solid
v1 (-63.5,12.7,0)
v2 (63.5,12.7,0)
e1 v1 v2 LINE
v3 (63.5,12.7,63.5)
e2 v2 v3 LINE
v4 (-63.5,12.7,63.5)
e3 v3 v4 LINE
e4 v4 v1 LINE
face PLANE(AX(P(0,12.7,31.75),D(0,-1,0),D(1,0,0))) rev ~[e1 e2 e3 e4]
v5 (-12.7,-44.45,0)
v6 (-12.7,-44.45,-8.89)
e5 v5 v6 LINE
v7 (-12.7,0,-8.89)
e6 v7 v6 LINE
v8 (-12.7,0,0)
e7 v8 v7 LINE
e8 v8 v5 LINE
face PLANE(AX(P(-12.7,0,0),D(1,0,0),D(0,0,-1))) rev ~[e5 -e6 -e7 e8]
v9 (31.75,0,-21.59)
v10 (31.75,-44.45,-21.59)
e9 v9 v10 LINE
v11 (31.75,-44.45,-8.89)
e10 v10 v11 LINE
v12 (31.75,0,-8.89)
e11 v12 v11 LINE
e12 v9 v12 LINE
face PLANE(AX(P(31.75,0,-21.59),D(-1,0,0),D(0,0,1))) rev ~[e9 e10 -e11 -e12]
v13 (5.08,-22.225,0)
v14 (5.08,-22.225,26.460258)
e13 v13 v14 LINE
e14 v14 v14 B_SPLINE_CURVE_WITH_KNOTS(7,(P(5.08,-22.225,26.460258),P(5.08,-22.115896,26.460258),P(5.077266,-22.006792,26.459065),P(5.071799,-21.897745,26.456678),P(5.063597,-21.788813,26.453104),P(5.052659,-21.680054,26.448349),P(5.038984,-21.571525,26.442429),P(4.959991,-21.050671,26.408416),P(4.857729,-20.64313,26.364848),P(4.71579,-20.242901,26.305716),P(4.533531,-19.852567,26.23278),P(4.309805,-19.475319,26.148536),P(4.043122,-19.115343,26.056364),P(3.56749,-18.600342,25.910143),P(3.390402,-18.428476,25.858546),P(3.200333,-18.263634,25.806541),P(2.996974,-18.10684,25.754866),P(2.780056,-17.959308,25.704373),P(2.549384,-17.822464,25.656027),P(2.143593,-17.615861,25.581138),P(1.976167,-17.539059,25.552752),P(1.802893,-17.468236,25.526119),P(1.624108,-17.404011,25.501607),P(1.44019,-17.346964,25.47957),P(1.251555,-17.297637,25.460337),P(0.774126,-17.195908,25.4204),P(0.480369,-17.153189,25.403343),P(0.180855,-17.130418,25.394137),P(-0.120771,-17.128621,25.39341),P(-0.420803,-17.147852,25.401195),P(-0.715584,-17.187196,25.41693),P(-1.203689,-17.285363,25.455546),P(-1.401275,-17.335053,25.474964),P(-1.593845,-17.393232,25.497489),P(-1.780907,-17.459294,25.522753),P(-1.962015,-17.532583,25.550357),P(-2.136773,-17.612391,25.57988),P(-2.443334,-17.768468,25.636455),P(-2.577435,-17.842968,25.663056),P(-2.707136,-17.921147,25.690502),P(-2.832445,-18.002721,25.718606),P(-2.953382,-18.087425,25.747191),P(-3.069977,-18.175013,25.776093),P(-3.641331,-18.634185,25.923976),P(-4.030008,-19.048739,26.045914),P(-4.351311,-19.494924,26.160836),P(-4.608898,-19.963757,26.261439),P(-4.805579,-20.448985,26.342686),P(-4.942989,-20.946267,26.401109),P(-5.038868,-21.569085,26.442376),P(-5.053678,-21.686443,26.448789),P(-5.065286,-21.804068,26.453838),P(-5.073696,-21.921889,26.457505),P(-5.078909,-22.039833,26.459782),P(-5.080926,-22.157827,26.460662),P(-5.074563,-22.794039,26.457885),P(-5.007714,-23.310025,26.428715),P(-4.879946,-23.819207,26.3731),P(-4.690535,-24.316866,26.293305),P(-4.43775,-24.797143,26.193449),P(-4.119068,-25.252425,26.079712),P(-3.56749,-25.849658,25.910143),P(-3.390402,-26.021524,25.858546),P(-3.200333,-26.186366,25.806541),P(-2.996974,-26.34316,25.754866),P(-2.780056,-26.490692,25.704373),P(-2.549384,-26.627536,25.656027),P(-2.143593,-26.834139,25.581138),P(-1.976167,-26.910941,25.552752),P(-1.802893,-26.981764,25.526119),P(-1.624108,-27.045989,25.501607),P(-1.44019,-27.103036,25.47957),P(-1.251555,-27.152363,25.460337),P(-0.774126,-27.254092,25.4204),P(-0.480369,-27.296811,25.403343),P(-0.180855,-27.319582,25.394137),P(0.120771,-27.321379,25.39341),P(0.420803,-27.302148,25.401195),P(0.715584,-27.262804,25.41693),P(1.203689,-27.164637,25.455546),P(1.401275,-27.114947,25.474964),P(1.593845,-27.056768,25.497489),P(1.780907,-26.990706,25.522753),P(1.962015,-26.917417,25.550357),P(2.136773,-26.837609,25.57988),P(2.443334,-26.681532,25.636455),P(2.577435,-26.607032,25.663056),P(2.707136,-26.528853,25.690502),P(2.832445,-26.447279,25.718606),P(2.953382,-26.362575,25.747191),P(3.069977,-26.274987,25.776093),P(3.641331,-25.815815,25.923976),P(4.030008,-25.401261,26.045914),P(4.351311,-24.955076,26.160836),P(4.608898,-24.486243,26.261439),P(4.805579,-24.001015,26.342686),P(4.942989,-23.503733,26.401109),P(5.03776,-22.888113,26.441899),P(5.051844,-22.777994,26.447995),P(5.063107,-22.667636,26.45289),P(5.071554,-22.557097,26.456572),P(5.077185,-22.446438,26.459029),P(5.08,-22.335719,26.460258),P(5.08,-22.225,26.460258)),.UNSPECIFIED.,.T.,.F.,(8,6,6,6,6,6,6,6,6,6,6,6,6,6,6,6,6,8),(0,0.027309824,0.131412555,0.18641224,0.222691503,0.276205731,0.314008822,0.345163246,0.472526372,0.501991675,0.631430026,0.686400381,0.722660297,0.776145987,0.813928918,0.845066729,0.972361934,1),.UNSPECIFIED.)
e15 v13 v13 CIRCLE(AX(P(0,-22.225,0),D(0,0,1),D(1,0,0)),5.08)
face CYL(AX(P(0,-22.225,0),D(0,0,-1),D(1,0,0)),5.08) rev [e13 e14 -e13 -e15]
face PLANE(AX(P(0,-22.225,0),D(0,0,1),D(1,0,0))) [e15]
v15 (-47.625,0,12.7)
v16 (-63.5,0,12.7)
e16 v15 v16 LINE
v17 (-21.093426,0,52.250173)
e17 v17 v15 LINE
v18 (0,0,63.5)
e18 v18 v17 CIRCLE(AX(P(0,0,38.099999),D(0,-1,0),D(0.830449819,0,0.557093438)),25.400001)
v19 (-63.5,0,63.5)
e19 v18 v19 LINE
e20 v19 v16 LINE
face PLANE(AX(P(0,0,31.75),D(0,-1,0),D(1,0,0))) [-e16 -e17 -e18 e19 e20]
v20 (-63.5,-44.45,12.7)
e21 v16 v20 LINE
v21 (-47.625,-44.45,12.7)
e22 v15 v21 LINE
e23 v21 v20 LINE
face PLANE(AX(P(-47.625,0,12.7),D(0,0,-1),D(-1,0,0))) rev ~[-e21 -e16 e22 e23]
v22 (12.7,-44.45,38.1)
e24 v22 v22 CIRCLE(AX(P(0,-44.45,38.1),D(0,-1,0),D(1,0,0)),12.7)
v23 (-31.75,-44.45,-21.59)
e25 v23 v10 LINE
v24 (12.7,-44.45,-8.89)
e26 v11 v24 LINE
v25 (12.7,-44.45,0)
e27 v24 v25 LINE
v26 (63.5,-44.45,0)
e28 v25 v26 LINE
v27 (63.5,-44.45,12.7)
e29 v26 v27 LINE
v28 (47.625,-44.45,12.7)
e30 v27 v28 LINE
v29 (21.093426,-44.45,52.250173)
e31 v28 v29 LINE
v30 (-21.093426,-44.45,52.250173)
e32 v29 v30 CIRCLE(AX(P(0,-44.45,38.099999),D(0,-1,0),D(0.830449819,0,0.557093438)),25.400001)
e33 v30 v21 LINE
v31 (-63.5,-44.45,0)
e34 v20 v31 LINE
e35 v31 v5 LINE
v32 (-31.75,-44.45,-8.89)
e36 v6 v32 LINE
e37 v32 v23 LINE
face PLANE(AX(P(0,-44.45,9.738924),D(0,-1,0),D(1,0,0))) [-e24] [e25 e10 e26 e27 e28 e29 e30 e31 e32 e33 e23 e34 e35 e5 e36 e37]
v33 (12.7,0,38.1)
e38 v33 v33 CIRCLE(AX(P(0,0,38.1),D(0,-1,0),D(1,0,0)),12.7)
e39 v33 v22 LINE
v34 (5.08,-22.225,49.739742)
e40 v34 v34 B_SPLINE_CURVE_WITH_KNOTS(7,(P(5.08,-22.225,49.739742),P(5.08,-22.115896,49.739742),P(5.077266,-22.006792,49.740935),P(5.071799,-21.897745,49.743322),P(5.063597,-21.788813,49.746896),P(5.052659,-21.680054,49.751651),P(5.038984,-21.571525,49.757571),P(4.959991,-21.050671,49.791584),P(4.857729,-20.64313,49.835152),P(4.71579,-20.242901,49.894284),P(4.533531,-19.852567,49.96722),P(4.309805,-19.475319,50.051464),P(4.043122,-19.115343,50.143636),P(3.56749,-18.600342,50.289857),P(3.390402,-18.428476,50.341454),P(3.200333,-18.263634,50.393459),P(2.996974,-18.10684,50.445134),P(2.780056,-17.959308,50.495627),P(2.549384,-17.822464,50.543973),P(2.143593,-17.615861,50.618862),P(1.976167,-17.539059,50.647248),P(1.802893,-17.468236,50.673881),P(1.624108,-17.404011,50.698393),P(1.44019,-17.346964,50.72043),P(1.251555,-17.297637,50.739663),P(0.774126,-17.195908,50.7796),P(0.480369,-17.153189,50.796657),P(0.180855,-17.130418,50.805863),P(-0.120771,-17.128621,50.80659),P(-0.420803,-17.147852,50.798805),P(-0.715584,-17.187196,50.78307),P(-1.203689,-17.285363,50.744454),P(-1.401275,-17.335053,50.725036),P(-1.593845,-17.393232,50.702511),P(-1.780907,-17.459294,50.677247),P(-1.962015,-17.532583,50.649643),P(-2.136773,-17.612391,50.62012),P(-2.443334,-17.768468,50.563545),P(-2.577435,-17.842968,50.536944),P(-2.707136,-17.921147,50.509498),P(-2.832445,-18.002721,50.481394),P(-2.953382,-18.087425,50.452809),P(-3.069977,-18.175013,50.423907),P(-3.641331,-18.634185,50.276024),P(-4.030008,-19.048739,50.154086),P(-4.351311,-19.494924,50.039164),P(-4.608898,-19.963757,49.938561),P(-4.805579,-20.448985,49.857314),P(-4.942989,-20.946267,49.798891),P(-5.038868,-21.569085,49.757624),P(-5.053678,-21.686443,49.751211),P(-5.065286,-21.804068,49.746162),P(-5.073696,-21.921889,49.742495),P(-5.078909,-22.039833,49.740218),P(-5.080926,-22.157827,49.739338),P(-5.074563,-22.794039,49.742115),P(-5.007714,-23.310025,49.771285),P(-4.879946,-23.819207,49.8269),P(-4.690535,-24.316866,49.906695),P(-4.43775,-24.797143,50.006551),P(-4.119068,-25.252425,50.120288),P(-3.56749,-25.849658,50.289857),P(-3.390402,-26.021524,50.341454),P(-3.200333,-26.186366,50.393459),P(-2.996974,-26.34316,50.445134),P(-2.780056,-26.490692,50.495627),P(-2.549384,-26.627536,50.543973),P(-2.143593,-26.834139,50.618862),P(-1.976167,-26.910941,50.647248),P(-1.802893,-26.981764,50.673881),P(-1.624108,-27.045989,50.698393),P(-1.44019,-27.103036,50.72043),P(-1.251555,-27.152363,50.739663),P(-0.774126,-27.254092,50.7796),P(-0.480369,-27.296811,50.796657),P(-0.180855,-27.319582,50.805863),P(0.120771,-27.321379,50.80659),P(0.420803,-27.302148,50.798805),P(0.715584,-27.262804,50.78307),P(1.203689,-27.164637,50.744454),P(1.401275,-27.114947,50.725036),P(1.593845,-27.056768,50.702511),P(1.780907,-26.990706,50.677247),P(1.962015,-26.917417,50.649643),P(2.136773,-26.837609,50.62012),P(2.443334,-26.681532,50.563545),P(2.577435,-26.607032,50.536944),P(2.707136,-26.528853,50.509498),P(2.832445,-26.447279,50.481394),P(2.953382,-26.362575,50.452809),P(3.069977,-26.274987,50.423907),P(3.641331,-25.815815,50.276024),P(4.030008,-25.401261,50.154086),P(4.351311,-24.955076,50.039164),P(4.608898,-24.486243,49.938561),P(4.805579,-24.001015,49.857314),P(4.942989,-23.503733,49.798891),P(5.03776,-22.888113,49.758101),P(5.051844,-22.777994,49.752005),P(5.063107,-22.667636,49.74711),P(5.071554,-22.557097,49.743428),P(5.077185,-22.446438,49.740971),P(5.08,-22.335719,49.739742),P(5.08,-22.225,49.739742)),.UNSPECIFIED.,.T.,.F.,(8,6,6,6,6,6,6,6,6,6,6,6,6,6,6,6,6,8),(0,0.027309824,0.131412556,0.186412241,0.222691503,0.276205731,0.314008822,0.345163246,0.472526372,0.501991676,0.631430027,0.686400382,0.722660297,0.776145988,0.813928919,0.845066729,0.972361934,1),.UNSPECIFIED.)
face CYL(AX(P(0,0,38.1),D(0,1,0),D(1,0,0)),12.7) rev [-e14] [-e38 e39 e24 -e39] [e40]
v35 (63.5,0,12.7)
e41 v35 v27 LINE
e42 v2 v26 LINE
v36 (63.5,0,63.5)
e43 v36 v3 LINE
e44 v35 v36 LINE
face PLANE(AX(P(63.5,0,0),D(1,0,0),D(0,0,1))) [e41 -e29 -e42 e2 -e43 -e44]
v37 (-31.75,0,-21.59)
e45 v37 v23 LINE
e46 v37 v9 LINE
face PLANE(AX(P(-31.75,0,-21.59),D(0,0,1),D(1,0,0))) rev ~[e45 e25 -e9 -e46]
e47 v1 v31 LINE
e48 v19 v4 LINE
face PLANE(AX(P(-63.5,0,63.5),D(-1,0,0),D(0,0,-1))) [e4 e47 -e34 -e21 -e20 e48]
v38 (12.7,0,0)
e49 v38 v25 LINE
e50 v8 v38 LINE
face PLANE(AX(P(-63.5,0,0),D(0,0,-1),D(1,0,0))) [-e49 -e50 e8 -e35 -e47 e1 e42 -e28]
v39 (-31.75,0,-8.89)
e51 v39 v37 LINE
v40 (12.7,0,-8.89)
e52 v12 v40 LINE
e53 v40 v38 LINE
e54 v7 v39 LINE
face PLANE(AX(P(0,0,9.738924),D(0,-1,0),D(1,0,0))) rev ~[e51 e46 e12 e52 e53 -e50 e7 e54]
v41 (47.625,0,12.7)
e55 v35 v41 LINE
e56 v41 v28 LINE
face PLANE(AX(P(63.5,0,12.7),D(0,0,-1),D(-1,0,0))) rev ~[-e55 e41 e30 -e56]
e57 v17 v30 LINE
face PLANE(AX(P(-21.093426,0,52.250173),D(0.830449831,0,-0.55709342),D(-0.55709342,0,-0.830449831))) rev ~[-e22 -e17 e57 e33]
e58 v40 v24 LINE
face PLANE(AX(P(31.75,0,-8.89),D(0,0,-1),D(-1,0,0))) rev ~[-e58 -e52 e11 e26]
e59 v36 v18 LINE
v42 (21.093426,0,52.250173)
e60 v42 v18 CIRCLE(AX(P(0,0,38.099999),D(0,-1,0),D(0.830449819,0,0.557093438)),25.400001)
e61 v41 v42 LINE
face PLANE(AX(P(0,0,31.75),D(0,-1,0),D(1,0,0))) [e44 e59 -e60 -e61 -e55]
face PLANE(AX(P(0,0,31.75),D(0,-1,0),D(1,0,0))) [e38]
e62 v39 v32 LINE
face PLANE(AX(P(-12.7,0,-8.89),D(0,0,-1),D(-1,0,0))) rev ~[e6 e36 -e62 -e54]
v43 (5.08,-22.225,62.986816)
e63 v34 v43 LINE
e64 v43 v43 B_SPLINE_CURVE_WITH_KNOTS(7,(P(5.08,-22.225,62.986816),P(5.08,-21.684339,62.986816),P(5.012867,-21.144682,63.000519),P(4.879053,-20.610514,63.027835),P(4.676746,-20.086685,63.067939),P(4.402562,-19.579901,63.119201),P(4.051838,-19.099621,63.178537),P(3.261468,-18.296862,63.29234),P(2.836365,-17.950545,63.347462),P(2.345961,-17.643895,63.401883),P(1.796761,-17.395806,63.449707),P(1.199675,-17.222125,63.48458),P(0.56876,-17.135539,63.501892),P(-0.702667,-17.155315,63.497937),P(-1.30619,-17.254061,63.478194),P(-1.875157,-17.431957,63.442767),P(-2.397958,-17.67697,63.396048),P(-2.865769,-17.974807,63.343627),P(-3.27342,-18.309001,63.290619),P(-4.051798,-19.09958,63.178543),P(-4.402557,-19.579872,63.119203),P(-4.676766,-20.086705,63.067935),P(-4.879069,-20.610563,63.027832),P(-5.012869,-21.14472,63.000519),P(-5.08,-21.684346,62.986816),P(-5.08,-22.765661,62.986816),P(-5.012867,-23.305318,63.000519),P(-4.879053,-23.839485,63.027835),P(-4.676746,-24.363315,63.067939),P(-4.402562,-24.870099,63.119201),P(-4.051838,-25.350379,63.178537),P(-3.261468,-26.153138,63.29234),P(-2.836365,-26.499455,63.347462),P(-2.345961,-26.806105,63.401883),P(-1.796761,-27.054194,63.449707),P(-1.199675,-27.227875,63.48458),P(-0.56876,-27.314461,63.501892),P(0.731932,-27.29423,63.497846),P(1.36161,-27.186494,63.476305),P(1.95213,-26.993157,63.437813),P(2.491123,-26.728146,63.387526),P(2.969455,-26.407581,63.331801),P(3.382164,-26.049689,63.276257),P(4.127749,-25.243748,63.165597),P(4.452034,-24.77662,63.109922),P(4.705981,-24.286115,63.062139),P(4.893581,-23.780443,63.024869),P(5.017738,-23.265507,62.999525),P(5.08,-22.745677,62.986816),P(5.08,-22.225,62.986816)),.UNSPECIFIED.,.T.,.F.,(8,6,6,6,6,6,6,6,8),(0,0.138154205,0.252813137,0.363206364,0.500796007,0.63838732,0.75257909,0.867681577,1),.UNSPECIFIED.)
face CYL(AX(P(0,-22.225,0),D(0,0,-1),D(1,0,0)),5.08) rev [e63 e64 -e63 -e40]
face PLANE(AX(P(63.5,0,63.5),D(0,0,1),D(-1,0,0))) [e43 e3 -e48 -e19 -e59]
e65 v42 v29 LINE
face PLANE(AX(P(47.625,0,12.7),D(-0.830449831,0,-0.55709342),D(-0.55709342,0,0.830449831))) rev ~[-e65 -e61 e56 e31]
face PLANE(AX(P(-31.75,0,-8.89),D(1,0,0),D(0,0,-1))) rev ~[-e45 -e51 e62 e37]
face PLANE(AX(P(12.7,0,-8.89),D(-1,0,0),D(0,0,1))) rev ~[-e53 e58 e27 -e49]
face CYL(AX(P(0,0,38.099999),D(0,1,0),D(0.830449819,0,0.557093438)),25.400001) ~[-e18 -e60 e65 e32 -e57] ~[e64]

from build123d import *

# Parameters (mm, degrees)
F0_R     = 12.7
F1_DEPTH = 44.45
F3_DEPTH = 12.7
F4_R     = 5.08
F5_DEPTH = 63.501


with BuildPart() as f1:
    # F0 (on Front) → F1 (new body)
    with BuildSketch(Plane.XZ):
        with BuildLine():
            Line((-31.75, -8.89), (-31.75, -21.59))
            Line((-31.75, -21.59), (0, -21.59))
            Line((0, -21.59), (31.75, -21.59))
            Line((31.75, -21.59), (31.75, -8.89))
            Line((31.75, -8.89), (12.7, -8.89))
            Line((12.7, -8.89), (12.7, 0))
            Line((12.7, 0), (63.5, 0))
            Line((63.5, 0), (63.5, 12.7))
            Line((63.5, 12.7), (47.625, 12.7))
            Line((47.625, 12.7), (21.093426, 52.250173))
            ThreePointArc((21.093426, 52.250173), (0, 63.5), (-21.093426, 52.250173))
            Line((-21.093426, 52.250173), (-47.625, 12.7))
            Line((-47.625, 12.7), (-63.5, 12.7))
            Line((-63.5, 12.7), (-63.5, 0))
            Line((-63.5, 0), (-12.7, 0))
            Line((-12.7, 0), (-12.7, -8.89))
            Line((-12.7, -8.89), (-31.75, -8.89))
        make_face()
        with Locations((0, 38.1)):
            Circle(F0_R, mode=Mode.SUBTRACT)
    extrude(amount=F1_DEPTH)

    # F2 (on Front) → F3 (join)
    with BuildSketch(Plane.XZ):
        Polygon((-63.5, 63.5), (-63.5, 0), (-12.7, 0), (12.7, 0), (63.5, 0), (63.5, 63.5), align=None)
    extrude(amount=-F3_DEPTH)

    # F4 (on Top) → F5 (cut, through all)
    with BuildSketch(Plane.XY):
        with Locations((0, -22.225)):
            Circle(F4_R)
    extrude(amount=F5_DEPTH, mode=Mode.SUBTRACT)


solid = f1.part
